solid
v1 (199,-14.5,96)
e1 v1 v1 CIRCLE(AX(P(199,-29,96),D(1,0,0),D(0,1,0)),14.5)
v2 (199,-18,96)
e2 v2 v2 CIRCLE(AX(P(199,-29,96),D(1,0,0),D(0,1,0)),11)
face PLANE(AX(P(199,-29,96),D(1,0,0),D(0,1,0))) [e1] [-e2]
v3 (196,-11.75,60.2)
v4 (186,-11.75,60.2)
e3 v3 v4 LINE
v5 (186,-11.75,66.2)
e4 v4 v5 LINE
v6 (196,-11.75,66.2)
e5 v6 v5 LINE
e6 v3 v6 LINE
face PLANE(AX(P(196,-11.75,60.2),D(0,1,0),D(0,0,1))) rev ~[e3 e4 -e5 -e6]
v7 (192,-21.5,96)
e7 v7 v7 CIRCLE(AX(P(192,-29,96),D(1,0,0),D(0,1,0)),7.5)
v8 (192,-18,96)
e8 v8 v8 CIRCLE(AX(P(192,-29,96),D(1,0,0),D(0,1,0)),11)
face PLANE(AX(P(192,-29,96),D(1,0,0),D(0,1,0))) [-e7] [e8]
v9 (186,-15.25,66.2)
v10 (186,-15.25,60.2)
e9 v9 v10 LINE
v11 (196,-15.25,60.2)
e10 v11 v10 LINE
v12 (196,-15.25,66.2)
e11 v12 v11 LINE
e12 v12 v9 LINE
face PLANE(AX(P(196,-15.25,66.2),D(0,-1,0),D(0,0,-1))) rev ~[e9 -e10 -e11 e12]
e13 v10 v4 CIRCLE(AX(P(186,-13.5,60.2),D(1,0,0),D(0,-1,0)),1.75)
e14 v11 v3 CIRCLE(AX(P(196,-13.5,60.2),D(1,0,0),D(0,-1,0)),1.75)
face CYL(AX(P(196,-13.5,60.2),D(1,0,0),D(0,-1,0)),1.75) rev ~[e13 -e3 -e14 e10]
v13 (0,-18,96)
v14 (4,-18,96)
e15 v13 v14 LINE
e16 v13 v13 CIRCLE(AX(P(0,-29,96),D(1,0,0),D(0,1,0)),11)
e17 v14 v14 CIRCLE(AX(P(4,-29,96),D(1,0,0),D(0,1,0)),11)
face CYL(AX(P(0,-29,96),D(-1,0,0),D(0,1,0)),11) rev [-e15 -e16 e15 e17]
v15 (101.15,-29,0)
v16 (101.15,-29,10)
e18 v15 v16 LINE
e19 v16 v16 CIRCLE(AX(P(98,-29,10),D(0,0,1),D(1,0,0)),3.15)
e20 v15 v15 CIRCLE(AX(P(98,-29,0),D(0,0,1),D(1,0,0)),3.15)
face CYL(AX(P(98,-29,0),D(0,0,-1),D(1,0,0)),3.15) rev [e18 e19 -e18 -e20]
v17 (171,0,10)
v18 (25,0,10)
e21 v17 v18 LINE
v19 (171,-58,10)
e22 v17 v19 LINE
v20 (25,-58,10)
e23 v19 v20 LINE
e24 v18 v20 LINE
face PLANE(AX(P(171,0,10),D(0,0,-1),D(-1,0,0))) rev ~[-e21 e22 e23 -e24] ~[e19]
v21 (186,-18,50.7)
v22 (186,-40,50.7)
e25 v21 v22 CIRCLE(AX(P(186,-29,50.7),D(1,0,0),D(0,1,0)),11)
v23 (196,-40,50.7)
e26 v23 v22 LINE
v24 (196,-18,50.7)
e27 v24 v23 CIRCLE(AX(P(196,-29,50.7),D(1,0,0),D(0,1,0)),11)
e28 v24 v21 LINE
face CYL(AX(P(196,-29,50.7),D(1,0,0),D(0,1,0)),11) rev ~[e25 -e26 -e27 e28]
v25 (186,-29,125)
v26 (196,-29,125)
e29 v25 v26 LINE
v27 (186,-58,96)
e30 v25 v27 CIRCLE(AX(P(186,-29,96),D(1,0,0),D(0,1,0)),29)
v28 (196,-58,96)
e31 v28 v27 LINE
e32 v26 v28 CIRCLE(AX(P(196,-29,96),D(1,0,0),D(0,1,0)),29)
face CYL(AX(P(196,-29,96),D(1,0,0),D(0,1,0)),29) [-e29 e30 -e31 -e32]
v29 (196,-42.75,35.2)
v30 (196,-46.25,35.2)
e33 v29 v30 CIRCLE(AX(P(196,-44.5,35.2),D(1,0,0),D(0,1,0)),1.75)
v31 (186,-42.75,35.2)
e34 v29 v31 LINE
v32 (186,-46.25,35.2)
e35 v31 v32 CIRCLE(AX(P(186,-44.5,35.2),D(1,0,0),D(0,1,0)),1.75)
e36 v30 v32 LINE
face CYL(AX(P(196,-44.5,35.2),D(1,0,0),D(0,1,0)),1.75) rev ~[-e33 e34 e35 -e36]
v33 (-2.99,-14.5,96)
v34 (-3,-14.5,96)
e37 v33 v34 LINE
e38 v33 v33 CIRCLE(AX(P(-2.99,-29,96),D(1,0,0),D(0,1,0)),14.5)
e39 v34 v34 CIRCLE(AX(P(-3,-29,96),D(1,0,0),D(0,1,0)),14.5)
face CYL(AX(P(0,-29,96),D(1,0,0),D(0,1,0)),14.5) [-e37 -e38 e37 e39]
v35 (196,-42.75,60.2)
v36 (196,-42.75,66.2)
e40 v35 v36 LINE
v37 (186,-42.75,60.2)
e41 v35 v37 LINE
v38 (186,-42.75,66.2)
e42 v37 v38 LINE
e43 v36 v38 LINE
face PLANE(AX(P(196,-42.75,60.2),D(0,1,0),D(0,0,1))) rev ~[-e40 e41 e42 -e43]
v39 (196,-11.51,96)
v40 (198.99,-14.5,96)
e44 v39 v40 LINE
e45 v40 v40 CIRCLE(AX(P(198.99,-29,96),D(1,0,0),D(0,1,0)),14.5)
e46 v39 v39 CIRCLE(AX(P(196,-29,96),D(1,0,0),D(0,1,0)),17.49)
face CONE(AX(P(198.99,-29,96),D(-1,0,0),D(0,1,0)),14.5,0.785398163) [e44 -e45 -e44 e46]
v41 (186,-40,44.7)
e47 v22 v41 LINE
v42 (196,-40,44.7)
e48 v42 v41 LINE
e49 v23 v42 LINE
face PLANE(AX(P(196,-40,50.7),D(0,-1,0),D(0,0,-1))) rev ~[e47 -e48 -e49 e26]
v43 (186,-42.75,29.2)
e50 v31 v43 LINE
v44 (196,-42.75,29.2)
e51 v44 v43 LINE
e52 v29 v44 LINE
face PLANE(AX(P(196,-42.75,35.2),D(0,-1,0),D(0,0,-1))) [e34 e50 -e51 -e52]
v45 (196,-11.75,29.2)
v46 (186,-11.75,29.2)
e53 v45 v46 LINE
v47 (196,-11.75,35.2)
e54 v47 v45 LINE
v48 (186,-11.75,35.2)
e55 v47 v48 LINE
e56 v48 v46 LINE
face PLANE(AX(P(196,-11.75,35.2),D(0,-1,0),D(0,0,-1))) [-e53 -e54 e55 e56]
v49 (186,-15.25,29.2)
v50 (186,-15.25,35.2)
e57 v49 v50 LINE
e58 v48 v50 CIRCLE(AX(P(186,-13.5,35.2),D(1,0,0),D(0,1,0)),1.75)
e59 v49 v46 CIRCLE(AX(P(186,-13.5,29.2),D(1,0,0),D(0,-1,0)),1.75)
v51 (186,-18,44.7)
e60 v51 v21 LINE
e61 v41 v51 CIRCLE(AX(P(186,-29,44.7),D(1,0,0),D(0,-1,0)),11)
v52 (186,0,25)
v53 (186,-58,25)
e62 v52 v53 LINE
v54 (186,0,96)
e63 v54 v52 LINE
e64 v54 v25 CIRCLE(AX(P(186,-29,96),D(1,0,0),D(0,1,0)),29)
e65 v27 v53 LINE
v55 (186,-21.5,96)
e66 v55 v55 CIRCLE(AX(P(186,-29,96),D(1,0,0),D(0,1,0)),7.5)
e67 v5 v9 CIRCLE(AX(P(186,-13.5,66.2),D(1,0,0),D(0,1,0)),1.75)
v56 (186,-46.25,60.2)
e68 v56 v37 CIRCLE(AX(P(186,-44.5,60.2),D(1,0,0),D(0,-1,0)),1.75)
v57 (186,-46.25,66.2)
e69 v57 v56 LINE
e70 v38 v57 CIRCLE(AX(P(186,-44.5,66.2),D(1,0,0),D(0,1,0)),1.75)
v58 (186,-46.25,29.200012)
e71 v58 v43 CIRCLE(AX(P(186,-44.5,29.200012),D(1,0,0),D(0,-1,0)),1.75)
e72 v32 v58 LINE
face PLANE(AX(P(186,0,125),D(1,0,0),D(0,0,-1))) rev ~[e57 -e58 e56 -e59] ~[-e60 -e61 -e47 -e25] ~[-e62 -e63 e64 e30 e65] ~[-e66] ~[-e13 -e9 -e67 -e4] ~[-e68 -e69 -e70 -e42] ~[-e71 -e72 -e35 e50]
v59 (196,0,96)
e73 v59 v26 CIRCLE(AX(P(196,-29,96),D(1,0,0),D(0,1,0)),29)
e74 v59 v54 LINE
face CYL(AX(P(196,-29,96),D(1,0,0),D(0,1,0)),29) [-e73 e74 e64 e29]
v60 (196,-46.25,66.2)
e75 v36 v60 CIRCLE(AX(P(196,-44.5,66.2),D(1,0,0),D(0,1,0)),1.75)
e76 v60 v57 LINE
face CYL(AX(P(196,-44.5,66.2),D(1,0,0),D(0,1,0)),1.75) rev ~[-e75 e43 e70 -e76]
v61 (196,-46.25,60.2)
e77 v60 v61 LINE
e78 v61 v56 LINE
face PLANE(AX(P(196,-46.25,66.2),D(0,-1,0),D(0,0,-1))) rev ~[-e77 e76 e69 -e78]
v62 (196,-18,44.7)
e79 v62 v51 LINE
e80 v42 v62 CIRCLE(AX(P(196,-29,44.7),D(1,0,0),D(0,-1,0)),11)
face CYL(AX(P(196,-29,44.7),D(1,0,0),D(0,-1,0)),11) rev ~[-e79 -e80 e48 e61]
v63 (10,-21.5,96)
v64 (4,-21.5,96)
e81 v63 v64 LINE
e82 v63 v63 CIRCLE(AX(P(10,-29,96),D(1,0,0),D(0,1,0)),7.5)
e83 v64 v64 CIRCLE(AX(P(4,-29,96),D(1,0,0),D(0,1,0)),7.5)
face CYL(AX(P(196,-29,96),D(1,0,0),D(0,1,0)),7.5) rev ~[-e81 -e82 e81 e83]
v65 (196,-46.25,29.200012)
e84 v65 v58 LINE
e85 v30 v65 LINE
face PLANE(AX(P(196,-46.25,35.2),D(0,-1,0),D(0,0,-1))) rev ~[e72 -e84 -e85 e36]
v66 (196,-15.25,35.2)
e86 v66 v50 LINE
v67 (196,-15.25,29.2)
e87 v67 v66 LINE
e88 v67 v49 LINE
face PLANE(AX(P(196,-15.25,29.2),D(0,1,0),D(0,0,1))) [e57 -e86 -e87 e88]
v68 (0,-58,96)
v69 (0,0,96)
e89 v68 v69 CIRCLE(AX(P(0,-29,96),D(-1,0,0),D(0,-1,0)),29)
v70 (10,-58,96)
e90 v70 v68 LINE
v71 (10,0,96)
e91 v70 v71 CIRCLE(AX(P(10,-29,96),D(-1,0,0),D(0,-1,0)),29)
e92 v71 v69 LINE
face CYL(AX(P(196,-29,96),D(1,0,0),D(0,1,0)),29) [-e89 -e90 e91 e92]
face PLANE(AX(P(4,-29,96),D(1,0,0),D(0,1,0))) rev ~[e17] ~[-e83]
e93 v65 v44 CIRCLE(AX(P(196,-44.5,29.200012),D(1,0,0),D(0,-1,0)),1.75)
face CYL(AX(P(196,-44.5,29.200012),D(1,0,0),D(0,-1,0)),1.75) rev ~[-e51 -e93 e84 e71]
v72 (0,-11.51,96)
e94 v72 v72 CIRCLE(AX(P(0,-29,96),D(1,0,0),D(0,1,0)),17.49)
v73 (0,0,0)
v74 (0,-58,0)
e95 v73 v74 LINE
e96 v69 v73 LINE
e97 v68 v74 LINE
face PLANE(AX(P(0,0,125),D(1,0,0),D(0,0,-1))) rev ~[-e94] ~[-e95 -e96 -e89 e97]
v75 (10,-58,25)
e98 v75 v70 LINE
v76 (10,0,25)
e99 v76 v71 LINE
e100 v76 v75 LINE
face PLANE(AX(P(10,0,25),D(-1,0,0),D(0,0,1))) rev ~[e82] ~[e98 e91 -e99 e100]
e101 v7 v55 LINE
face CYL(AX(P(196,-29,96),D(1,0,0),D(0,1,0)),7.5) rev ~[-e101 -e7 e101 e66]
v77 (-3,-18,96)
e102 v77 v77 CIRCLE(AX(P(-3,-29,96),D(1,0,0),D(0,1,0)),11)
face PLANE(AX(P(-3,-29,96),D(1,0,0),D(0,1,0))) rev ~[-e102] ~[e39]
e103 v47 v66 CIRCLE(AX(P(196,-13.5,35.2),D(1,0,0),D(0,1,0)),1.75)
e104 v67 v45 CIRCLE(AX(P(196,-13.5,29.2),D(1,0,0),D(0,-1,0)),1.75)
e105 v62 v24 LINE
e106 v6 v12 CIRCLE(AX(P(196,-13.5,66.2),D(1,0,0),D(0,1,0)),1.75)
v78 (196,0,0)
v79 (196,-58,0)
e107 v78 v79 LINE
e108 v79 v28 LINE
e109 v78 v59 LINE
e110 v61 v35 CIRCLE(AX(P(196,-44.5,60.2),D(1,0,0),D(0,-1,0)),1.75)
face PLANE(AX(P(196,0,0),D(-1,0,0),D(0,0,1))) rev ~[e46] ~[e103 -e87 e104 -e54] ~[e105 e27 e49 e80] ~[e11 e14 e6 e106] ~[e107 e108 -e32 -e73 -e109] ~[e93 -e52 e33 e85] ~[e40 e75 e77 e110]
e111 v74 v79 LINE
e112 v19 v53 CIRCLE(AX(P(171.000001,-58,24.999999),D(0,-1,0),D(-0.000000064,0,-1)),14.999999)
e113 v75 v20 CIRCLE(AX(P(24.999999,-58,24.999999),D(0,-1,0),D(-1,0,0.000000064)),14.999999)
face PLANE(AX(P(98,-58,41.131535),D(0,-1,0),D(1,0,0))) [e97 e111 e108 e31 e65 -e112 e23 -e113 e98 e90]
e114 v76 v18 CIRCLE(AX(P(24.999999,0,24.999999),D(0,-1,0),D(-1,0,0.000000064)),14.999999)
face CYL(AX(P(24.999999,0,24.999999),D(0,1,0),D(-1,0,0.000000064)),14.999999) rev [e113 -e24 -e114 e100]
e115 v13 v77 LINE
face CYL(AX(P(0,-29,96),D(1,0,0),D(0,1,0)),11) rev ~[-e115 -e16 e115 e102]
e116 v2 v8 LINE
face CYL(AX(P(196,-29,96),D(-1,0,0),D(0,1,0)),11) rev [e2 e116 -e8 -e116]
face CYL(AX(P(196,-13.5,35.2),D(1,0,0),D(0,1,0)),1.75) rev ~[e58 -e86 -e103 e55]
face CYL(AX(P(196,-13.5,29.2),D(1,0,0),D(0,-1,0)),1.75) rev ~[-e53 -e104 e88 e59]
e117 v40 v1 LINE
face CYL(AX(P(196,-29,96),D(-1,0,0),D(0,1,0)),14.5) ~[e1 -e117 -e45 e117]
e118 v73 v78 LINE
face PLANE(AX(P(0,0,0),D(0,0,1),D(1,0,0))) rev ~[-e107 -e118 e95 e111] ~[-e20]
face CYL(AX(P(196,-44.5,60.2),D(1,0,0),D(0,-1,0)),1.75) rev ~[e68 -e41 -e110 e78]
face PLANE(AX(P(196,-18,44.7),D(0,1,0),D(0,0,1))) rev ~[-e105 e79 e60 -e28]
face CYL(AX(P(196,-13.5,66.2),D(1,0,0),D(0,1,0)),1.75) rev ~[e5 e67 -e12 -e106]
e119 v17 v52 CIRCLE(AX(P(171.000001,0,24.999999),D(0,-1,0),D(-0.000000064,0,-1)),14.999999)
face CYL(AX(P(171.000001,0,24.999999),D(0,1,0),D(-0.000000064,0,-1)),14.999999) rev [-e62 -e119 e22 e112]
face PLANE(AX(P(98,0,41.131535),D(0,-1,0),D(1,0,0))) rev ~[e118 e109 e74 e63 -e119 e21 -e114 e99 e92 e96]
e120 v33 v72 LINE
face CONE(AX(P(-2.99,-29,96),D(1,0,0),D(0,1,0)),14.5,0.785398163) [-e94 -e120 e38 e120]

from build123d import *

# Parameters (mm, degrees)
PAD_DEPTH       = 58
POCKET_DEPTH    = 10
SKETCH002_R     = 11
POCKET001_DEPTH = 4
SKETCH003_R     = 14.5
SKETCH003_R_2   = 11
PAD001_DEPTH    = 3
SKETCH004_R     = 11
POCKET002_DEPTH = 4
SKETCH005_R     = 14.5
SKETCH005_R_2   = 11
PAD002_DEPTH    = 3
SKETCH006_R     = 3.15
POCKET003_DEPTH = 10
SKETCH007_R     = 7.5
POCKET004_DEPTH = 199.001
CHAMFER_SIZE    = 2.99


with BuildPart() as part:
    # Sketch → Pad (new body)
    with BuildSketch(Plane.XZ):
        with BuildLine():
            Line((0, 125), (0, 0))
            Line((0, 0), (196, 0))
            Line((196, 0), (196, 125))
            Line((196, 125), (186, 125))
            Line((186, 125), (186, 25))
            ThreePointArc((171, 10), (181.606602, 14.393398), (186, 25))
            Line((171, 10), (25, 10))
            ThreePointArc((10, 25), (14.393398, 14.393398), (25, 10))
            Line((10, 25), (10, 125))
            Line((10, 125), (0, 125))
        make_face()
    extrude(amount=PAD_DEPTH)

    # Sketch001 (on DatumPlane) → Pocket (cut)
    with BuildSketch(Plane.YZ.offset(196)):
        with BuildLine():
            Line((-40, 47.7), (-40, 44.7))
            ThreePointArc((-40, 44.7), (-29, 33.7), (-18, 44.7))
            Line((-18, 47.7), (-18, 44.7))
            Line((-18, 47.7), (-18, 50.7))
            ThreePointArc((-18, 50.7), (-29, 61.7), (-40, 50.7))
            Line((-40, 47.7), (-40, 50.7))
        make_face()
        with BuildLine():
            Line((-42.75, 60.2), (-42.75, 63.2))
            Line((-42.75, 63.2), (-42.75, 66.2))
            ThreePointArc((-42.75, 66.2), (-44.5, 67.95), (-46.25, 66.2))
            Line((-46.25, 66.2), (-46.25, 63.2))
            Line((-46.25, 63.2), (-46.25, 60.2))
            ThreePointArc((-46.25, 60.2), (-44.5, 58.45), (-42.75, 60.2))
        make_face()
        with BuildLine():
            Line((-11.75, 63.2), (-11.75, 60.2))
            ThreePointArc((-15.25, 60.2), (-13.5, 58.45), (-11.75, 60.2))
            Line((-15.25, 63.2), (-15.25, 60.2))
            Line((-15.25, 66.2), (-15.25, 63.2))
            ThreePointArc((-11.75, 66.2), (-13.5, 67.95), (-15.25, 66.2))
            Line((-11.75, 63.2), (-11.75, 66.2))
        make_face()
        with BuildLine():
            Line((-46.25, 35.2), (-46.25, 32.2))
            Line((-46.25, 29.200012), (-46.25, 32.2))
            ThreePointArc((-46.25, 29.200012), (-44.500006, 27.450012), (-42.75, 29.2))
            Line((-42.75, 32.2), (-42.75, 29.2))
            Line((-42.75, 35.2), (-42.75, 32.2))
            ThreePointArc((-42.75, 35.2), (-44.5, 36.95), (-46.25, 35.2))
        make_face()
        with BuildLine():
            Line((-11.75, 35.2), (-11.75, 32.2))
            Line((-11.75, 32.2), (-11.75, 29.2))
            ThreePointArc((-15.25, 29.2), (-13.5, 27.45), (-11.75, 29.2))
            Line((-15.25, 29.2), (-15.25, 32.2))
            Line((-15.25, 32.2), (-15.25, 35.2))
            ThreePointArc((-11.75, 35.2), (-13.5, 36.95), (-15.25, 35.2))
        make_face()
    extrude(amount=-POCKET_DEPTH, mode=Mode.SUBTRACT)

    # Sketch002 (on DatumPlane) → Pocket001 (cut)
    with BuildSketch(Plane.YZ.offset(196)):
        with Locations((-29, 96)):
            Circle(SKETCH002_R)
    extrude(amount=-POCKET001_DEPTH, mode=Mode.SUBTRACT)

    # Sketch003 (on DatumPlane) → Pad001 (join)
    with BuildSketch(Plane.YZ.offset(196)):
        with Locations((-29, 96)):
            Circle(SKETCH003_R)
        with Locations((-29, 96)):
            Circle(SKETCH003_R_2, mode=Mode.SUBTRACT)
    extrude(amount=PAD001_DEPTH)

    # Sketch004 → Pocket002 (cut)
    with BuildSketch(Plane.YZ):
        with Locations((-29, 96)):
            Circle(SKETCH004_R)
    extrude(amount=POCKET002_DEPTH, mode=Mode.SUBTRACT)

    # Sketch005 → Pad002 (join)
    with BuildSketch(Plane.YZ):
        with Locations((-29, 96)):
            Circle(SKETCH005_R)
        with Locations((-29, 96)):
            Circle(SKETCH005_R_2, mode=Mode.SUBTRACT)
    extrude(amount=-PAD002_DEPTH)

    # Sketch006 → Pocket003 (cut)
    with BuildSketch(Plane.XY):
        with Locations((98, -29)):
            Circle(SKETCH006_R)
    extrude(amount=POCKET003_DEPTH, mode=Mode.SUBTRACT)

    # Sketch007 (on DatumPlane) → Pocket004 (cut, through all)
    with BuildSketch(Plane.YZ.offset(196)):
        with Locations((-29, 96)):
            Circle(SKETCH007_R)
        with BuildLine():
            ThreePointArc((0, 96), (-29, 125), (-58, 96))
            Line((-58, 96), (-68, 96))
            Line((-68, 96), (-68, 136))
            Line((-68, 136), (10, 136))
            Line((10, 136), (10, 96))
            Line((10, 96), (0, 96))
        make_face()
    extrude(amount=-POCKET004_DEPTH, mode=Mode.SUBTRACT)

    # Chamfer
    chamfer_edges = [part.edges().sort_by_distance(p)[0] for p in [
        (0, -43.5, 96),
        (196, -43.5, 96),
    ]]
    chamfer(chamfer_edges, length=CHAMFER_SIZE)


solid = part.part
